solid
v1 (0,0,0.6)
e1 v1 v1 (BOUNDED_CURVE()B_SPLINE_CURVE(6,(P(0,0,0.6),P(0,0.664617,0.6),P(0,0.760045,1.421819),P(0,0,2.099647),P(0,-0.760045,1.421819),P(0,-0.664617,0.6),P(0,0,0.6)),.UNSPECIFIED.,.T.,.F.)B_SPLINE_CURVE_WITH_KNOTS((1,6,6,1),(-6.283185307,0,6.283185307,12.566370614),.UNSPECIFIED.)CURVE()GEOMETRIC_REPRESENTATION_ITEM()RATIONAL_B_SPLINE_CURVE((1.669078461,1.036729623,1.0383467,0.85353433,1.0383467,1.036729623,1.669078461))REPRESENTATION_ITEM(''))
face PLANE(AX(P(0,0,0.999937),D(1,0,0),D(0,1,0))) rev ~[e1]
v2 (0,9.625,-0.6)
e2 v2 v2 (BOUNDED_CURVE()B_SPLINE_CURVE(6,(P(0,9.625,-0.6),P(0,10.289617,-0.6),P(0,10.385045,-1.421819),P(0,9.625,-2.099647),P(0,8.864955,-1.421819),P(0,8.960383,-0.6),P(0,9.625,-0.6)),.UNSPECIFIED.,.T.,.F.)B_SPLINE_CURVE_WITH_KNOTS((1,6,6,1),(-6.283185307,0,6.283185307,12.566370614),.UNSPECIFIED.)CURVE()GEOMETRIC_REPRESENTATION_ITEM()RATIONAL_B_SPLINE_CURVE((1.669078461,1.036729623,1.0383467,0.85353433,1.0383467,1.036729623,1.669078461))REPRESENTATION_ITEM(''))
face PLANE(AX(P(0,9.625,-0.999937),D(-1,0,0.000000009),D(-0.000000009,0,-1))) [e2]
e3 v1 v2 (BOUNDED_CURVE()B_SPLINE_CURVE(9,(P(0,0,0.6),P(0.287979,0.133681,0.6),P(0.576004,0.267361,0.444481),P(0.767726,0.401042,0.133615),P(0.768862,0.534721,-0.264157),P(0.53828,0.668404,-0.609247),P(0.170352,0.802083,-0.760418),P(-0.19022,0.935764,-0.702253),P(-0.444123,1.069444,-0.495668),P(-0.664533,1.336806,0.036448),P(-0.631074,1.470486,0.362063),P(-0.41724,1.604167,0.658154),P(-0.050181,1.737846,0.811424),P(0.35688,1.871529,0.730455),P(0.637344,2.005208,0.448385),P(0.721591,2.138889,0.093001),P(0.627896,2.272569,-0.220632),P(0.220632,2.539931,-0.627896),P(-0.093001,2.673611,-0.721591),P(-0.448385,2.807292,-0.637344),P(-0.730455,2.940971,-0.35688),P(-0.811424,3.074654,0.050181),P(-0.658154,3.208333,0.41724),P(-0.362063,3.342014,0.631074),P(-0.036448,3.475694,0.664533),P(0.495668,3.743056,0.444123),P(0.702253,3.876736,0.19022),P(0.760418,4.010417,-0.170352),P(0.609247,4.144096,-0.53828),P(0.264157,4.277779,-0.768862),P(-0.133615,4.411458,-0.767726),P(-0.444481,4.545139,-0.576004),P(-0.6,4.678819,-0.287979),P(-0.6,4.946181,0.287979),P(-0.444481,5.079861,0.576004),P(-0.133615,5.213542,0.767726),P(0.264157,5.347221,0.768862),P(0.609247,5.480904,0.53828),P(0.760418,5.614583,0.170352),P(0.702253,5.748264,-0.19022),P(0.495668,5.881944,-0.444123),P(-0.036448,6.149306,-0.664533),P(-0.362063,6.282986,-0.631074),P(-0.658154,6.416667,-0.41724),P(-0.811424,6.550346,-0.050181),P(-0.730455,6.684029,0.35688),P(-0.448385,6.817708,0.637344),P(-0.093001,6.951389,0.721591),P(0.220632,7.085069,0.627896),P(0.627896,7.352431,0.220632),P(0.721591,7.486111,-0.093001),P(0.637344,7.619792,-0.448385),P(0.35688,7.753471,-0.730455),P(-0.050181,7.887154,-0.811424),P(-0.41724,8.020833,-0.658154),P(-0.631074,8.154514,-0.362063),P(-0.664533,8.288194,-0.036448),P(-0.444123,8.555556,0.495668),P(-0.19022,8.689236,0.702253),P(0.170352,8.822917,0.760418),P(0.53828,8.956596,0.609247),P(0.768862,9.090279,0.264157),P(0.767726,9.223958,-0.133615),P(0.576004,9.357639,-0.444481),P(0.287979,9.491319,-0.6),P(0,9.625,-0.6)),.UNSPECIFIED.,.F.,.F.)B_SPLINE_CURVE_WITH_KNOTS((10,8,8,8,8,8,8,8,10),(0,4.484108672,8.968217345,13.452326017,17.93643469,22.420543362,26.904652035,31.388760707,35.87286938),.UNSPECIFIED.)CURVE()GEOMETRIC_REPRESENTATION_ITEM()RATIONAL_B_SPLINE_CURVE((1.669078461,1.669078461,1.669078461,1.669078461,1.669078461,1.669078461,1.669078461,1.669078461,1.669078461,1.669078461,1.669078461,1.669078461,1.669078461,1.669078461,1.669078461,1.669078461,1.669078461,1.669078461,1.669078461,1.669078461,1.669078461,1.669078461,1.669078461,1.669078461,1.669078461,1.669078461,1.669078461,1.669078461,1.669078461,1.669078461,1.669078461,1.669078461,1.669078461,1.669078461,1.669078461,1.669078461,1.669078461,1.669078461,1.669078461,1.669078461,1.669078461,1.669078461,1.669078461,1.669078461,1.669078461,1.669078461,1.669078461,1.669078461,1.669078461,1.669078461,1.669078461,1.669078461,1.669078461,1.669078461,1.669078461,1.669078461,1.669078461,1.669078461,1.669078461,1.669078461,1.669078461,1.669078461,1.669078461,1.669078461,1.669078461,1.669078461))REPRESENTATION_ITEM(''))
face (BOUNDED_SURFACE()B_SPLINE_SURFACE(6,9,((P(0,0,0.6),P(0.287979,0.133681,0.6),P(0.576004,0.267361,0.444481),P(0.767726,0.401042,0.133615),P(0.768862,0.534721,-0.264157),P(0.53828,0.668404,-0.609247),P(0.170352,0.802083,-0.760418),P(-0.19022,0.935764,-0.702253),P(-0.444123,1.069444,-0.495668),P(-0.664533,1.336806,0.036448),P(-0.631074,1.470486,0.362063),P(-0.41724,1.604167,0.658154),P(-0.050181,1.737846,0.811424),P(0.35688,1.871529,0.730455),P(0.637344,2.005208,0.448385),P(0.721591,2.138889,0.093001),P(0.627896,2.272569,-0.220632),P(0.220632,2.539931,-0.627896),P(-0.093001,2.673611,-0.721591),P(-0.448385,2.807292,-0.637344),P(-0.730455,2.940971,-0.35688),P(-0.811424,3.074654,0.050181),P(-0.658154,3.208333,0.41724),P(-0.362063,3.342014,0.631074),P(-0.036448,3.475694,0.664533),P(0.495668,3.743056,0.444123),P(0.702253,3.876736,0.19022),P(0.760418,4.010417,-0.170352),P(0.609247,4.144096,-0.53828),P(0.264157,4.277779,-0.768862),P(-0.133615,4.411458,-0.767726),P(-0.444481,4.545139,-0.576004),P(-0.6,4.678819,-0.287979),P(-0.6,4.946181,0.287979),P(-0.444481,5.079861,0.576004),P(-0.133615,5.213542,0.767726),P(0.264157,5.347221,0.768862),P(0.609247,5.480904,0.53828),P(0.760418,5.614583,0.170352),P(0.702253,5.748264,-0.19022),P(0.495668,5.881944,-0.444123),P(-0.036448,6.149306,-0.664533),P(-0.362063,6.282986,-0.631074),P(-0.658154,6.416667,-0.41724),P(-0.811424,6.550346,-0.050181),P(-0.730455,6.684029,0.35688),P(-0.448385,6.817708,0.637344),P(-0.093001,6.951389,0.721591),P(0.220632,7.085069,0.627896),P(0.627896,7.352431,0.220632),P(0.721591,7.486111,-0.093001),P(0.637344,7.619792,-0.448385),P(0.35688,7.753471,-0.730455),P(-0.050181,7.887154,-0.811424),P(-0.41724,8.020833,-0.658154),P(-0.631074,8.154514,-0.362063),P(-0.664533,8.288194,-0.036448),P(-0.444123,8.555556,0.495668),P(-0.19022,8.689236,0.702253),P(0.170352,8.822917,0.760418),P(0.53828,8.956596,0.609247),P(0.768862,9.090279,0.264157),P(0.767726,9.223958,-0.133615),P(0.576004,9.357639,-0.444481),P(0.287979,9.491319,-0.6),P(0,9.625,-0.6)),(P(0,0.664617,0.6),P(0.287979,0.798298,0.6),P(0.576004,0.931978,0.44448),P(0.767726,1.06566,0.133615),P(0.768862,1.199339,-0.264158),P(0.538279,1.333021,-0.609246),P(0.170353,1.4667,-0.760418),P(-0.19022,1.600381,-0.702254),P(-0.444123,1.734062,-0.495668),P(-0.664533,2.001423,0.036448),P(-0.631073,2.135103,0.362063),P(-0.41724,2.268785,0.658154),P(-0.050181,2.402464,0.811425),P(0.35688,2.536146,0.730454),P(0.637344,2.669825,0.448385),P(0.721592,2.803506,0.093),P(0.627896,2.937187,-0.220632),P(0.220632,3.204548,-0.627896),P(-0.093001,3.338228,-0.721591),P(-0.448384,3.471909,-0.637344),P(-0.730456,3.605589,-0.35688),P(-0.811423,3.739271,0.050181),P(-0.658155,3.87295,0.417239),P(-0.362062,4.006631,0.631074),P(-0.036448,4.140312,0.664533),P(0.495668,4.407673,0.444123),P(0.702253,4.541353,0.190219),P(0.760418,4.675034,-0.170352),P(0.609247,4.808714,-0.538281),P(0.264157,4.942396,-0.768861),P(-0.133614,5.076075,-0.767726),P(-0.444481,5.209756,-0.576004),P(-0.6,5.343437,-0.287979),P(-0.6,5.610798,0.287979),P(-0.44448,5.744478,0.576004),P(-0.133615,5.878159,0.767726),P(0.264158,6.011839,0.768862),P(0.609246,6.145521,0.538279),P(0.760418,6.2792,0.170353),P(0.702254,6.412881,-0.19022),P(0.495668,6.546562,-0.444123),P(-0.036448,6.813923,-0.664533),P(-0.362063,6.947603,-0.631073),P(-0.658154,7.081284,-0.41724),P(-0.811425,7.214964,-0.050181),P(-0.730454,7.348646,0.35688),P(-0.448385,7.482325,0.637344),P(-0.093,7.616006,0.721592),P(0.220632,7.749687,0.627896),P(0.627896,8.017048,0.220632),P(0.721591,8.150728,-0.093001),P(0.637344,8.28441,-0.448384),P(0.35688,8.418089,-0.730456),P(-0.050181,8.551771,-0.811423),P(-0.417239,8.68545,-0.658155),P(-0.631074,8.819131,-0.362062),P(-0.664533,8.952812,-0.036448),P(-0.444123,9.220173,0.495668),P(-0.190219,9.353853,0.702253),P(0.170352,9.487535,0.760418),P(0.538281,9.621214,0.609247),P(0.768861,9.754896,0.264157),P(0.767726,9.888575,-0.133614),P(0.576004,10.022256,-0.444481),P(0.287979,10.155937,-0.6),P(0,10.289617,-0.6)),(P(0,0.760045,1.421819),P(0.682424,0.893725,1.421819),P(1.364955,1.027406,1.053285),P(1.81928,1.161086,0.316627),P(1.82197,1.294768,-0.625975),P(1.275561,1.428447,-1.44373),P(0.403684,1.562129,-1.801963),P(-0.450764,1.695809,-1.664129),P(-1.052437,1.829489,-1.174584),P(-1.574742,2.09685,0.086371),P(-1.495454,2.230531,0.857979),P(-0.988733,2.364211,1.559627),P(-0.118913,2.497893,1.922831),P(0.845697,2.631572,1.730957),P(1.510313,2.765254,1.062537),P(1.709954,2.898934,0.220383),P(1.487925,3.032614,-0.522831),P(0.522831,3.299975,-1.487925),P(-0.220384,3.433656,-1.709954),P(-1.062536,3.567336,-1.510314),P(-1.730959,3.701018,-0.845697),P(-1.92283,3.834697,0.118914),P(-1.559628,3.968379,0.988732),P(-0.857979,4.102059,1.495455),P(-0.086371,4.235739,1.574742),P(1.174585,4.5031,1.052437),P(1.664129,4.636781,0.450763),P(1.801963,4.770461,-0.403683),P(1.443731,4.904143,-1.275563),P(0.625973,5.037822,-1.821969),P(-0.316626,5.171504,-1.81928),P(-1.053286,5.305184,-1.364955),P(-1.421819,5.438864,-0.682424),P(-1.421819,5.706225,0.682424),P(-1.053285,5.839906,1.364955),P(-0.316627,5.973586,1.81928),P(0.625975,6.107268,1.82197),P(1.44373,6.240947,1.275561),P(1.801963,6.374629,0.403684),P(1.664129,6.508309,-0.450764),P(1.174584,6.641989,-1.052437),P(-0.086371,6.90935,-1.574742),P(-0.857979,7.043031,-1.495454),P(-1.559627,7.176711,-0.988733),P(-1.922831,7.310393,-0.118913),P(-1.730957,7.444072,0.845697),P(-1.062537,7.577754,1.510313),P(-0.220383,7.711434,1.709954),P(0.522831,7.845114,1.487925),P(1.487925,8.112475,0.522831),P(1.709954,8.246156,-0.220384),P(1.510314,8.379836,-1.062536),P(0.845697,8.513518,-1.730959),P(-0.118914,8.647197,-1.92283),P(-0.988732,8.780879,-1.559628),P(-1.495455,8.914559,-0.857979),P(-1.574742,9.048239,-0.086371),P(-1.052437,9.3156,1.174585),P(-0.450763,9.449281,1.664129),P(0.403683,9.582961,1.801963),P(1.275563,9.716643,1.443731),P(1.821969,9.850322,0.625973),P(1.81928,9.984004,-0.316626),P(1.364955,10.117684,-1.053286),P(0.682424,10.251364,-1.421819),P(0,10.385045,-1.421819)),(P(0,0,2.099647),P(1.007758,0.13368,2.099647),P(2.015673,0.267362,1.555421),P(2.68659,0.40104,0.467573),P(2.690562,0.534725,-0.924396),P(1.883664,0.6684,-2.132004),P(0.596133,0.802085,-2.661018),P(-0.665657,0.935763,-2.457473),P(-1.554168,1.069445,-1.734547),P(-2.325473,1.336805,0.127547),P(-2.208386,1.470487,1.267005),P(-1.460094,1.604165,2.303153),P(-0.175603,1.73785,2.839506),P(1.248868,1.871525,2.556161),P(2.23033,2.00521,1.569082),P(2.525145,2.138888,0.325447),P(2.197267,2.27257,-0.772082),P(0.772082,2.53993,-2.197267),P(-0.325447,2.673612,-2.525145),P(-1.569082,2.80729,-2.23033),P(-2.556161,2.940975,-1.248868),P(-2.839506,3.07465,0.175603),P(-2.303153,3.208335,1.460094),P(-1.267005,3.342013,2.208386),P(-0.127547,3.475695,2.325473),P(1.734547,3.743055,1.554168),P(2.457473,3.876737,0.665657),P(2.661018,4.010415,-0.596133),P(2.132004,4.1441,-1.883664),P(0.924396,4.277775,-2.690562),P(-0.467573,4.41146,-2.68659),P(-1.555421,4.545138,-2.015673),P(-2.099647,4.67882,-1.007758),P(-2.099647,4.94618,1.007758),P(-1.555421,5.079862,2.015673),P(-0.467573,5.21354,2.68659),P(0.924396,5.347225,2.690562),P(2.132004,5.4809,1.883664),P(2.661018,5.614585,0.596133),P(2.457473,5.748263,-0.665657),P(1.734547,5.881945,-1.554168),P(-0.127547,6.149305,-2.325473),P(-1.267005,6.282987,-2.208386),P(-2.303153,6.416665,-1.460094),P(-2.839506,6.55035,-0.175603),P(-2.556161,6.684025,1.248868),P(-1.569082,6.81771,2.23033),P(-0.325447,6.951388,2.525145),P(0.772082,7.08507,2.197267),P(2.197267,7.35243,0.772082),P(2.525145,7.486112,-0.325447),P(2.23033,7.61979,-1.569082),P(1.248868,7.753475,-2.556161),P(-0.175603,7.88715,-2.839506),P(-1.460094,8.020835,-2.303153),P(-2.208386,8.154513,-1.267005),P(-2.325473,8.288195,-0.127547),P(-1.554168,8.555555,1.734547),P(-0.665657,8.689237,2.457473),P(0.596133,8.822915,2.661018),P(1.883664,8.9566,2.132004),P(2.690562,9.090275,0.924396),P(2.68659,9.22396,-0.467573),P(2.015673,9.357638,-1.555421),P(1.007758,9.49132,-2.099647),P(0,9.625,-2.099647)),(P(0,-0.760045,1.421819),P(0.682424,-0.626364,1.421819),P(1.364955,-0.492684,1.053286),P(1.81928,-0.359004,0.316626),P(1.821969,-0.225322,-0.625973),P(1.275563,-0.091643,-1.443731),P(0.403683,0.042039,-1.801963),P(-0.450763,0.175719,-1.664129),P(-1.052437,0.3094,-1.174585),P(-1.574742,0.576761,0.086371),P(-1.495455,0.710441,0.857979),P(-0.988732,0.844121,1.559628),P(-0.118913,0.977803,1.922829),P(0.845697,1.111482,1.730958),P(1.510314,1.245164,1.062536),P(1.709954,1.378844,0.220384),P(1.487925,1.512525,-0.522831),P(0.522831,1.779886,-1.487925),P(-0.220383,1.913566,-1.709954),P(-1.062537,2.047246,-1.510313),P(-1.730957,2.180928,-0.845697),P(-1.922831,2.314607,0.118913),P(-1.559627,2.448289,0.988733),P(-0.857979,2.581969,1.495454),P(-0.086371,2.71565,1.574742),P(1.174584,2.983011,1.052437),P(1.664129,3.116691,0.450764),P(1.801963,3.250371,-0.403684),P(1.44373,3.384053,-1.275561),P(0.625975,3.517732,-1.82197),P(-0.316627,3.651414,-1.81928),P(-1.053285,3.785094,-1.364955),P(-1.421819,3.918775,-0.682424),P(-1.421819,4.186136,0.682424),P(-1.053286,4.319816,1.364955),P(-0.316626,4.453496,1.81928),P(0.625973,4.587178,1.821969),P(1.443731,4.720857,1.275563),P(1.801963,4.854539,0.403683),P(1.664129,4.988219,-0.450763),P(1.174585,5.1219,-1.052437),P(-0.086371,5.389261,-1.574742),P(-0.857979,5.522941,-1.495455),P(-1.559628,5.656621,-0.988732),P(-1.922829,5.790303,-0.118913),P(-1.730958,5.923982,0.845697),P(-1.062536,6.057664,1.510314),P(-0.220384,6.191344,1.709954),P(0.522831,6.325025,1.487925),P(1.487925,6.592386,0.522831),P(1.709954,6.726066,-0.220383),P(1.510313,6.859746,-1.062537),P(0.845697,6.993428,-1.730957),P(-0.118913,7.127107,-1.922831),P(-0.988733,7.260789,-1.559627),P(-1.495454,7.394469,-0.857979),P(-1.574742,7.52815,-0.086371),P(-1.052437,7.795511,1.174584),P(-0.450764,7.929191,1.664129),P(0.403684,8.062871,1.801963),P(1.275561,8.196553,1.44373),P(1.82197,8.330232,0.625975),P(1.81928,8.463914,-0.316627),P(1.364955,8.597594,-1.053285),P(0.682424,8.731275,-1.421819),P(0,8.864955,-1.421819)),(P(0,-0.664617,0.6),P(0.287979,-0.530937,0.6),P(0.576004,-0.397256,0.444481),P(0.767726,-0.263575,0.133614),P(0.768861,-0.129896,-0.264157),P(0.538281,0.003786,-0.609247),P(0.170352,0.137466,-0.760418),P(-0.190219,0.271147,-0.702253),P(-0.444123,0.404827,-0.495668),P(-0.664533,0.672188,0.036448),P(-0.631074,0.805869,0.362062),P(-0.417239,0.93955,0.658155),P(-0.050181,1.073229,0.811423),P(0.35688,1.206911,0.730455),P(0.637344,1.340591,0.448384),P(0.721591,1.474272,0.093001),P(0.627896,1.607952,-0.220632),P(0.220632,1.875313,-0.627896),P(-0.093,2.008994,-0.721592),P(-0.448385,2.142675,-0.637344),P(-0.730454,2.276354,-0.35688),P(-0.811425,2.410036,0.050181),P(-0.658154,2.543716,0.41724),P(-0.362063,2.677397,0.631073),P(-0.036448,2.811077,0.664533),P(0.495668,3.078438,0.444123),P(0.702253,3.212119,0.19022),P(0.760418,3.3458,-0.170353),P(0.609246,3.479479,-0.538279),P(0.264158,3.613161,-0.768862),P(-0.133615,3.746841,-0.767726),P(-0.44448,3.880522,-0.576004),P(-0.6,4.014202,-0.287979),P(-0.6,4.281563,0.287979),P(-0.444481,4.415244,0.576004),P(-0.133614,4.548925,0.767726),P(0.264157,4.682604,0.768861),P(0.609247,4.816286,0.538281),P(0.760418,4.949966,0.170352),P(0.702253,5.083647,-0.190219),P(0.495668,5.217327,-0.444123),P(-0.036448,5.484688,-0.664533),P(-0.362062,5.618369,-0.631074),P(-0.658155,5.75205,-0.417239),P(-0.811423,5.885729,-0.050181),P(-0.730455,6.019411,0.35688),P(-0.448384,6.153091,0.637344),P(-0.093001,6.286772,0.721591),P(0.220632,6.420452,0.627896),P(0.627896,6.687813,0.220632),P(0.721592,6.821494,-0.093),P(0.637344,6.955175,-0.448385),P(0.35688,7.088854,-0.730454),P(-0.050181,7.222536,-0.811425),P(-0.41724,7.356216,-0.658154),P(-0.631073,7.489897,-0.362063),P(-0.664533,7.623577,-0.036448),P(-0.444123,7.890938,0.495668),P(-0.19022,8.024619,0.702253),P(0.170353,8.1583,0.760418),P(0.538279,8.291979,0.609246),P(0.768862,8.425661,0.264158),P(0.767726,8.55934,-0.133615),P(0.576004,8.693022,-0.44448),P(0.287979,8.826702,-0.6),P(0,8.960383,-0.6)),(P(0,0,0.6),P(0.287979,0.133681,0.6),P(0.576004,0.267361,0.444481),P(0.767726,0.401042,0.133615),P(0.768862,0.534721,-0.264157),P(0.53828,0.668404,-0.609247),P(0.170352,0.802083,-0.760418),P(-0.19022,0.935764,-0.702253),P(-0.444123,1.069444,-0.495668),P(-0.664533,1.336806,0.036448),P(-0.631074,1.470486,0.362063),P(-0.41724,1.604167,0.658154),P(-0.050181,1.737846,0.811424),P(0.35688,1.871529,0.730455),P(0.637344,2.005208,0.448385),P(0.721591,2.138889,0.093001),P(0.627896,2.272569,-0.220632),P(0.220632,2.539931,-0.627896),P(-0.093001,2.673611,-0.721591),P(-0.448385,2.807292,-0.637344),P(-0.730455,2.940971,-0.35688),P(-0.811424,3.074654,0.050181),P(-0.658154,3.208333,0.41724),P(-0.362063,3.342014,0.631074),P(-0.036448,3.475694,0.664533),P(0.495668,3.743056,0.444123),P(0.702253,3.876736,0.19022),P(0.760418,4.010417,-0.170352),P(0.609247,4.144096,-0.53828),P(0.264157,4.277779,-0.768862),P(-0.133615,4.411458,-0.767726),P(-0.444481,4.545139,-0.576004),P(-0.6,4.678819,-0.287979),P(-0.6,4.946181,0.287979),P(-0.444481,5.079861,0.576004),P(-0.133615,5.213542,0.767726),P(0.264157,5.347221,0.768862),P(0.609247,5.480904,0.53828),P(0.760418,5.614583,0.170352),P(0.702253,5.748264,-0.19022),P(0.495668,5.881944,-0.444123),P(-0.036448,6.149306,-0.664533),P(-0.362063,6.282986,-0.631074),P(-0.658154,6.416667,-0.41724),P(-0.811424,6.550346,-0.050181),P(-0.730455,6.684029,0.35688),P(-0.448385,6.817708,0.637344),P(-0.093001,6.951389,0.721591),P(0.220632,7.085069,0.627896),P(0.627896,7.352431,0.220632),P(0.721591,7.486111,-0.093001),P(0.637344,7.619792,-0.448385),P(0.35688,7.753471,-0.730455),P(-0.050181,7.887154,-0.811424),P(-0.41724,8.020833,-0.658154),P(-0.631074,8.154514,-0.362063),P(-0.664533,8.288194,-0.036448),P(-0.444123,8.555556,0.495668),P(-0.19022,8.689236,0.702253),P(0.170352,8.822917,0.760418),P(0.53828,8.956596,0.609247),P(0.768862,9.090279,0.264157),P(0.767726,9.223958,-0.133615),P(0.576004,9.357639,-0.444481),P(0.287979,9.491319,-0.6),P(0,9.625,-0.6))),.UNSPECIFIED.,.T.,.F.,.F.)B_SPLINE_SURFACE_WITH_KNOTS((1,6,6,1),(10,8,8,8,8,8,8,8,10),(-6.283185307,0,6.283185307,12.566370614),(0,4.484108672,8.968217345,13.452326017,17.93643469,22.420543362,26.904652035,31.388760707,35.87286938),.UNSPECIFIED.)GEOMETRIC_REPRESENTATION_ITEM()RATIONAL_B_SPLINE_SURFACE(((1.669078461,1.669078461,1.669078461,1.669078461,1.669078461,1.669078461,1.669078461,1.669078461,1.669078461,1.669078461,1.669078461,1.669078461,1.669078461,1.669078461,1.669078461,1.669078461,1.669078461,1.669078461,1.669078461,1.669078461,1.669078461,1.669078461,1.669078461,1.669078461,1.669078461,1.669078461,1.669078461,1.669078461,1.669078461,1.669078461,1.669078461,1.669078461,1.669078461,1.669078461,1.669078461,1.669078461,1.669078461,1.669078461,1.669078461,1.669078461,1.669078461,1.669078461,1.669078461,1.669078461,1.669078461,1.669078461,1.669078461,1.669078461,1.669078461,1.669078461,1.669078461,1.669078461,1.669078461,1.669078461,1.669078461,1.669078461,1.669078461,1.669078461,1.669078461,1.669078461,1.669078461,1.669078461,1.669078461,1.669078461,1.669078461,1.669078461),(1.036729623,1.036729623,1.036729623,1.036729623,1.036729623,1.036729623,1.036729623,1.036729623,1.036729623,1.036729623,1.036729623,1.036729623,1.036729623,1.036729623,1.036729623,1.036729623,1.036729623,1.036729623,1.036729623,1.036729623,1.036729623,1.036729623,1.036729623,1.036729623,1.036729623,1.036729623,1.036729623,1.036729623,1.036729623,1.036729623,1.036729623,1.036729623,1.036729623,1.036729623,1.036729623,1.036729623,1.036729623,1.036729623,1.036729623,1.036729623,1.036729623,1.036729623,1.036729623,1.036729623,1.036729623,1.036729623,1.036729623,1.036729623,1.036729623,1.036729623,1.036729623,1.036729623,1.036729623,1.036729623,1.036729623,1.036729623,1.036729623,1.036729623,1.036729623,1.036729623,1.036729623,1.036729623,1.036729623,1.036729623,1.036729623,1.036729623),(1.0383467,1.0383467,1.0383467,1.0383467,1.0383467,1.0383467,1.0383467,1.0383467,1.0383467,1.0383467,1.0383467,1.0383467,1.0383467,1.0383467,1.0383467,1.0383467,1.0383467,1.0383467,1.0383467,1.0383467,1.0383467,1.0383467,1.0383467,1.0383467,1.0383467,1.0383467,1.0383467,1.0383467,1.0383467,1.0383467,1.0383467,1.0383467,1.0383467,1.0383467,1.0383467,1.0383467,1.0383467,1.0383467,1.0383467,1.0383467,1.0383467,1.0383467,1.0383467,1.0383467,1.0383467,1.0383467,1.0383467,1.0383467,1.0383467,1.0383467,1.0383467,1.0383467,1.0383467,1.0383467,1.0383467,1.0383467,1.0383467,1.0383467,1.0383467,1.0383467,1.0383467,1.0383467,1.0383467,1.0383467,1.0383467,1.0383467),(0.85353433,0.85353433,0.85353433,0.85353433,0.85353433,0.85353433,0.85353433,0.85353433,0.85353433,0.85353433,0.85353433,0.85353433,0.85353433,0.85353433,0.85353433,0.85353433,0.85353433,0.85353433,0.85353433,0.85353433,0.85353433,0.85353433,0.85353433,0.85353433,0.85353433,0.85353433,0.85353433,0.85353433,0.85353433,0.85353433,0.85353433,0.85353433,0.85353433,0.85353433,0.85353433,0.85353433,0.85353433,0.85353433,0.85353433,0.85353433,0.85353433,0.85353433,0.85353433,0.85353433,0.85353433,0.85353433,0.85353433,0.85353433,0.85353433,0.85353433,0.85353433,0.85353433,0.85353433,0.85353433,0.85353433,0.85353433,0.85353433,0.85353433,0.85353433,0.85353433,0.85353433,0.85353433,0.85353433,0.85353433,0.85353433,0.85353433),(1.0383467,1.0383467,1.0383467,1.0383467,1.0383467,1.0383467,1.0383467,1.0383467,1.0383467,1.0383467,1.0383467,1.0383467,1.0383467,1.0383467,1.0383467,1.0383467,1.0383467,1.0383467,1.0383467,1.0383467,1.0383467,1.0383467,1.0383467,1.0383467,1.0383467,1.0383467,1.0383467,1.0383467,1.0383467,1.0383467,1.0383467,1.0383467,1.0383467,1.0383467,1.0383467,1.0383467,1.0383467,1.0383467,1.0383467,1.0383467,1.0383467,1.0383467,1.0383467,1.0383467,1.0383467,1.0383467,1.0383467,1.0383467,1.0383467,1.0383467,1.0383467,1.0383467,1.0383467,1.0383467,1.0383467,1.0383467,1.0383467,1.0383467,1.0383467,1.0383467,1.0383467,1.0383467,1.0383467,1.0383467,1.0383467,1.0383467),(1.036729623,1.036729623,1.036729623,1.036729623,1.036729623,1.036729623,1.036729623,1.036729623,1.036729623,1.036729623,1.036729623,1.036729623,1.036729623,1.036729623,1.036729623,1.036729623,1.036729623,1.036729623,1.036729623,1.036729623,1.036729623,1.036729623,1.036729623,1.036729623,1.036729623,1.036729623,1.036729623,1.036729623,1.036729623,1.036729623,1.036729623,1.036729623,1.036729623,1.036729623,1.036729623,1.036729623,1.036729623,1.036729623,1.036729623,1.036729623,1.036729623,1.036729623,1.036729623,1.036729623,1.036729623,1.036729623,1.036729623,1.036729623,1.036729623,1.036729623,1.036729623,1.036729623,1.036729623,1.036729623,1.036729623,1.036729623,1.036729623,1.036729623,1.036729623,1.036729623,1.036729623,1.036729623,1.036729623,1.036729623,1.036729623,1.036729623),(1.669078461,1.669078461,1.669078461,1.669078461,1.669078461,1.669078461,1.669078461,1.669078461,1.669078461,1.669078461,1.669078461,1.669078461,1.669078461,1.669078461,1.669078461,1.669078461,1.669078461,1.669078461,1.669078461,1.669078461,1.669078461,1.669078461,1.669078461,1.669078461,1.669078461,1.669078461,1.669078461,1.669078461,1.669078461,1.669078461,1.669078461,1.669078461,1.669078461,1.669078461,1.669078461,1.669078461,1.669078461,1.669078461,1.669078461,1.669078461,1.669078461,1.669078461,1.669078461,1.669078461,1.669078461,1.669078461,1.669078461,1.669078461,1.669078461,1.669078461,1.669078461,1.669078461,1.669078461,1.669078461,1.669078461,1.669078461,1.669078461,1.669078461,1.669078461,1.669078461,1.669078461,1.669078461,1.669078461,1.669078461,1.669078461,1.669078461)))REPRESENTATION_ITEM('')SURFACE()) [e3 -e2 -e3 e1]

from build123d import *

# Parameters (mm, degrees)
BALAYAGE2_PITCH  = 1.75
BALAYAGE2_HEIGHT = 9.625
BALAYAGE2_RADIUS = 1
ESQUISSE28_R     = 0.4


with BuildPart() as part:
    # Balayage2: sweep along a helix
    with BuildLine() as balayage2_path:
        Helix(BALAYAGE2_PITCH, BALAYAGE2_HEIGHT, BALAYAGE2_RADIUS, center=(0, 0, 0), direction=(0, 1, 0))
    # Esquisse28 → Balayage2 (sweep)
    with BuildSketch(Plane(origin=(0, 0, 0), x_dir=(0, 0, -1), z_dir=(1, 0, 0))):
        with Locations((-1, 0)):
            Circle(ESQUISSE28_R)
    sweep(path=balayage2_path.line, is_frenet=True)


solid = part.part
